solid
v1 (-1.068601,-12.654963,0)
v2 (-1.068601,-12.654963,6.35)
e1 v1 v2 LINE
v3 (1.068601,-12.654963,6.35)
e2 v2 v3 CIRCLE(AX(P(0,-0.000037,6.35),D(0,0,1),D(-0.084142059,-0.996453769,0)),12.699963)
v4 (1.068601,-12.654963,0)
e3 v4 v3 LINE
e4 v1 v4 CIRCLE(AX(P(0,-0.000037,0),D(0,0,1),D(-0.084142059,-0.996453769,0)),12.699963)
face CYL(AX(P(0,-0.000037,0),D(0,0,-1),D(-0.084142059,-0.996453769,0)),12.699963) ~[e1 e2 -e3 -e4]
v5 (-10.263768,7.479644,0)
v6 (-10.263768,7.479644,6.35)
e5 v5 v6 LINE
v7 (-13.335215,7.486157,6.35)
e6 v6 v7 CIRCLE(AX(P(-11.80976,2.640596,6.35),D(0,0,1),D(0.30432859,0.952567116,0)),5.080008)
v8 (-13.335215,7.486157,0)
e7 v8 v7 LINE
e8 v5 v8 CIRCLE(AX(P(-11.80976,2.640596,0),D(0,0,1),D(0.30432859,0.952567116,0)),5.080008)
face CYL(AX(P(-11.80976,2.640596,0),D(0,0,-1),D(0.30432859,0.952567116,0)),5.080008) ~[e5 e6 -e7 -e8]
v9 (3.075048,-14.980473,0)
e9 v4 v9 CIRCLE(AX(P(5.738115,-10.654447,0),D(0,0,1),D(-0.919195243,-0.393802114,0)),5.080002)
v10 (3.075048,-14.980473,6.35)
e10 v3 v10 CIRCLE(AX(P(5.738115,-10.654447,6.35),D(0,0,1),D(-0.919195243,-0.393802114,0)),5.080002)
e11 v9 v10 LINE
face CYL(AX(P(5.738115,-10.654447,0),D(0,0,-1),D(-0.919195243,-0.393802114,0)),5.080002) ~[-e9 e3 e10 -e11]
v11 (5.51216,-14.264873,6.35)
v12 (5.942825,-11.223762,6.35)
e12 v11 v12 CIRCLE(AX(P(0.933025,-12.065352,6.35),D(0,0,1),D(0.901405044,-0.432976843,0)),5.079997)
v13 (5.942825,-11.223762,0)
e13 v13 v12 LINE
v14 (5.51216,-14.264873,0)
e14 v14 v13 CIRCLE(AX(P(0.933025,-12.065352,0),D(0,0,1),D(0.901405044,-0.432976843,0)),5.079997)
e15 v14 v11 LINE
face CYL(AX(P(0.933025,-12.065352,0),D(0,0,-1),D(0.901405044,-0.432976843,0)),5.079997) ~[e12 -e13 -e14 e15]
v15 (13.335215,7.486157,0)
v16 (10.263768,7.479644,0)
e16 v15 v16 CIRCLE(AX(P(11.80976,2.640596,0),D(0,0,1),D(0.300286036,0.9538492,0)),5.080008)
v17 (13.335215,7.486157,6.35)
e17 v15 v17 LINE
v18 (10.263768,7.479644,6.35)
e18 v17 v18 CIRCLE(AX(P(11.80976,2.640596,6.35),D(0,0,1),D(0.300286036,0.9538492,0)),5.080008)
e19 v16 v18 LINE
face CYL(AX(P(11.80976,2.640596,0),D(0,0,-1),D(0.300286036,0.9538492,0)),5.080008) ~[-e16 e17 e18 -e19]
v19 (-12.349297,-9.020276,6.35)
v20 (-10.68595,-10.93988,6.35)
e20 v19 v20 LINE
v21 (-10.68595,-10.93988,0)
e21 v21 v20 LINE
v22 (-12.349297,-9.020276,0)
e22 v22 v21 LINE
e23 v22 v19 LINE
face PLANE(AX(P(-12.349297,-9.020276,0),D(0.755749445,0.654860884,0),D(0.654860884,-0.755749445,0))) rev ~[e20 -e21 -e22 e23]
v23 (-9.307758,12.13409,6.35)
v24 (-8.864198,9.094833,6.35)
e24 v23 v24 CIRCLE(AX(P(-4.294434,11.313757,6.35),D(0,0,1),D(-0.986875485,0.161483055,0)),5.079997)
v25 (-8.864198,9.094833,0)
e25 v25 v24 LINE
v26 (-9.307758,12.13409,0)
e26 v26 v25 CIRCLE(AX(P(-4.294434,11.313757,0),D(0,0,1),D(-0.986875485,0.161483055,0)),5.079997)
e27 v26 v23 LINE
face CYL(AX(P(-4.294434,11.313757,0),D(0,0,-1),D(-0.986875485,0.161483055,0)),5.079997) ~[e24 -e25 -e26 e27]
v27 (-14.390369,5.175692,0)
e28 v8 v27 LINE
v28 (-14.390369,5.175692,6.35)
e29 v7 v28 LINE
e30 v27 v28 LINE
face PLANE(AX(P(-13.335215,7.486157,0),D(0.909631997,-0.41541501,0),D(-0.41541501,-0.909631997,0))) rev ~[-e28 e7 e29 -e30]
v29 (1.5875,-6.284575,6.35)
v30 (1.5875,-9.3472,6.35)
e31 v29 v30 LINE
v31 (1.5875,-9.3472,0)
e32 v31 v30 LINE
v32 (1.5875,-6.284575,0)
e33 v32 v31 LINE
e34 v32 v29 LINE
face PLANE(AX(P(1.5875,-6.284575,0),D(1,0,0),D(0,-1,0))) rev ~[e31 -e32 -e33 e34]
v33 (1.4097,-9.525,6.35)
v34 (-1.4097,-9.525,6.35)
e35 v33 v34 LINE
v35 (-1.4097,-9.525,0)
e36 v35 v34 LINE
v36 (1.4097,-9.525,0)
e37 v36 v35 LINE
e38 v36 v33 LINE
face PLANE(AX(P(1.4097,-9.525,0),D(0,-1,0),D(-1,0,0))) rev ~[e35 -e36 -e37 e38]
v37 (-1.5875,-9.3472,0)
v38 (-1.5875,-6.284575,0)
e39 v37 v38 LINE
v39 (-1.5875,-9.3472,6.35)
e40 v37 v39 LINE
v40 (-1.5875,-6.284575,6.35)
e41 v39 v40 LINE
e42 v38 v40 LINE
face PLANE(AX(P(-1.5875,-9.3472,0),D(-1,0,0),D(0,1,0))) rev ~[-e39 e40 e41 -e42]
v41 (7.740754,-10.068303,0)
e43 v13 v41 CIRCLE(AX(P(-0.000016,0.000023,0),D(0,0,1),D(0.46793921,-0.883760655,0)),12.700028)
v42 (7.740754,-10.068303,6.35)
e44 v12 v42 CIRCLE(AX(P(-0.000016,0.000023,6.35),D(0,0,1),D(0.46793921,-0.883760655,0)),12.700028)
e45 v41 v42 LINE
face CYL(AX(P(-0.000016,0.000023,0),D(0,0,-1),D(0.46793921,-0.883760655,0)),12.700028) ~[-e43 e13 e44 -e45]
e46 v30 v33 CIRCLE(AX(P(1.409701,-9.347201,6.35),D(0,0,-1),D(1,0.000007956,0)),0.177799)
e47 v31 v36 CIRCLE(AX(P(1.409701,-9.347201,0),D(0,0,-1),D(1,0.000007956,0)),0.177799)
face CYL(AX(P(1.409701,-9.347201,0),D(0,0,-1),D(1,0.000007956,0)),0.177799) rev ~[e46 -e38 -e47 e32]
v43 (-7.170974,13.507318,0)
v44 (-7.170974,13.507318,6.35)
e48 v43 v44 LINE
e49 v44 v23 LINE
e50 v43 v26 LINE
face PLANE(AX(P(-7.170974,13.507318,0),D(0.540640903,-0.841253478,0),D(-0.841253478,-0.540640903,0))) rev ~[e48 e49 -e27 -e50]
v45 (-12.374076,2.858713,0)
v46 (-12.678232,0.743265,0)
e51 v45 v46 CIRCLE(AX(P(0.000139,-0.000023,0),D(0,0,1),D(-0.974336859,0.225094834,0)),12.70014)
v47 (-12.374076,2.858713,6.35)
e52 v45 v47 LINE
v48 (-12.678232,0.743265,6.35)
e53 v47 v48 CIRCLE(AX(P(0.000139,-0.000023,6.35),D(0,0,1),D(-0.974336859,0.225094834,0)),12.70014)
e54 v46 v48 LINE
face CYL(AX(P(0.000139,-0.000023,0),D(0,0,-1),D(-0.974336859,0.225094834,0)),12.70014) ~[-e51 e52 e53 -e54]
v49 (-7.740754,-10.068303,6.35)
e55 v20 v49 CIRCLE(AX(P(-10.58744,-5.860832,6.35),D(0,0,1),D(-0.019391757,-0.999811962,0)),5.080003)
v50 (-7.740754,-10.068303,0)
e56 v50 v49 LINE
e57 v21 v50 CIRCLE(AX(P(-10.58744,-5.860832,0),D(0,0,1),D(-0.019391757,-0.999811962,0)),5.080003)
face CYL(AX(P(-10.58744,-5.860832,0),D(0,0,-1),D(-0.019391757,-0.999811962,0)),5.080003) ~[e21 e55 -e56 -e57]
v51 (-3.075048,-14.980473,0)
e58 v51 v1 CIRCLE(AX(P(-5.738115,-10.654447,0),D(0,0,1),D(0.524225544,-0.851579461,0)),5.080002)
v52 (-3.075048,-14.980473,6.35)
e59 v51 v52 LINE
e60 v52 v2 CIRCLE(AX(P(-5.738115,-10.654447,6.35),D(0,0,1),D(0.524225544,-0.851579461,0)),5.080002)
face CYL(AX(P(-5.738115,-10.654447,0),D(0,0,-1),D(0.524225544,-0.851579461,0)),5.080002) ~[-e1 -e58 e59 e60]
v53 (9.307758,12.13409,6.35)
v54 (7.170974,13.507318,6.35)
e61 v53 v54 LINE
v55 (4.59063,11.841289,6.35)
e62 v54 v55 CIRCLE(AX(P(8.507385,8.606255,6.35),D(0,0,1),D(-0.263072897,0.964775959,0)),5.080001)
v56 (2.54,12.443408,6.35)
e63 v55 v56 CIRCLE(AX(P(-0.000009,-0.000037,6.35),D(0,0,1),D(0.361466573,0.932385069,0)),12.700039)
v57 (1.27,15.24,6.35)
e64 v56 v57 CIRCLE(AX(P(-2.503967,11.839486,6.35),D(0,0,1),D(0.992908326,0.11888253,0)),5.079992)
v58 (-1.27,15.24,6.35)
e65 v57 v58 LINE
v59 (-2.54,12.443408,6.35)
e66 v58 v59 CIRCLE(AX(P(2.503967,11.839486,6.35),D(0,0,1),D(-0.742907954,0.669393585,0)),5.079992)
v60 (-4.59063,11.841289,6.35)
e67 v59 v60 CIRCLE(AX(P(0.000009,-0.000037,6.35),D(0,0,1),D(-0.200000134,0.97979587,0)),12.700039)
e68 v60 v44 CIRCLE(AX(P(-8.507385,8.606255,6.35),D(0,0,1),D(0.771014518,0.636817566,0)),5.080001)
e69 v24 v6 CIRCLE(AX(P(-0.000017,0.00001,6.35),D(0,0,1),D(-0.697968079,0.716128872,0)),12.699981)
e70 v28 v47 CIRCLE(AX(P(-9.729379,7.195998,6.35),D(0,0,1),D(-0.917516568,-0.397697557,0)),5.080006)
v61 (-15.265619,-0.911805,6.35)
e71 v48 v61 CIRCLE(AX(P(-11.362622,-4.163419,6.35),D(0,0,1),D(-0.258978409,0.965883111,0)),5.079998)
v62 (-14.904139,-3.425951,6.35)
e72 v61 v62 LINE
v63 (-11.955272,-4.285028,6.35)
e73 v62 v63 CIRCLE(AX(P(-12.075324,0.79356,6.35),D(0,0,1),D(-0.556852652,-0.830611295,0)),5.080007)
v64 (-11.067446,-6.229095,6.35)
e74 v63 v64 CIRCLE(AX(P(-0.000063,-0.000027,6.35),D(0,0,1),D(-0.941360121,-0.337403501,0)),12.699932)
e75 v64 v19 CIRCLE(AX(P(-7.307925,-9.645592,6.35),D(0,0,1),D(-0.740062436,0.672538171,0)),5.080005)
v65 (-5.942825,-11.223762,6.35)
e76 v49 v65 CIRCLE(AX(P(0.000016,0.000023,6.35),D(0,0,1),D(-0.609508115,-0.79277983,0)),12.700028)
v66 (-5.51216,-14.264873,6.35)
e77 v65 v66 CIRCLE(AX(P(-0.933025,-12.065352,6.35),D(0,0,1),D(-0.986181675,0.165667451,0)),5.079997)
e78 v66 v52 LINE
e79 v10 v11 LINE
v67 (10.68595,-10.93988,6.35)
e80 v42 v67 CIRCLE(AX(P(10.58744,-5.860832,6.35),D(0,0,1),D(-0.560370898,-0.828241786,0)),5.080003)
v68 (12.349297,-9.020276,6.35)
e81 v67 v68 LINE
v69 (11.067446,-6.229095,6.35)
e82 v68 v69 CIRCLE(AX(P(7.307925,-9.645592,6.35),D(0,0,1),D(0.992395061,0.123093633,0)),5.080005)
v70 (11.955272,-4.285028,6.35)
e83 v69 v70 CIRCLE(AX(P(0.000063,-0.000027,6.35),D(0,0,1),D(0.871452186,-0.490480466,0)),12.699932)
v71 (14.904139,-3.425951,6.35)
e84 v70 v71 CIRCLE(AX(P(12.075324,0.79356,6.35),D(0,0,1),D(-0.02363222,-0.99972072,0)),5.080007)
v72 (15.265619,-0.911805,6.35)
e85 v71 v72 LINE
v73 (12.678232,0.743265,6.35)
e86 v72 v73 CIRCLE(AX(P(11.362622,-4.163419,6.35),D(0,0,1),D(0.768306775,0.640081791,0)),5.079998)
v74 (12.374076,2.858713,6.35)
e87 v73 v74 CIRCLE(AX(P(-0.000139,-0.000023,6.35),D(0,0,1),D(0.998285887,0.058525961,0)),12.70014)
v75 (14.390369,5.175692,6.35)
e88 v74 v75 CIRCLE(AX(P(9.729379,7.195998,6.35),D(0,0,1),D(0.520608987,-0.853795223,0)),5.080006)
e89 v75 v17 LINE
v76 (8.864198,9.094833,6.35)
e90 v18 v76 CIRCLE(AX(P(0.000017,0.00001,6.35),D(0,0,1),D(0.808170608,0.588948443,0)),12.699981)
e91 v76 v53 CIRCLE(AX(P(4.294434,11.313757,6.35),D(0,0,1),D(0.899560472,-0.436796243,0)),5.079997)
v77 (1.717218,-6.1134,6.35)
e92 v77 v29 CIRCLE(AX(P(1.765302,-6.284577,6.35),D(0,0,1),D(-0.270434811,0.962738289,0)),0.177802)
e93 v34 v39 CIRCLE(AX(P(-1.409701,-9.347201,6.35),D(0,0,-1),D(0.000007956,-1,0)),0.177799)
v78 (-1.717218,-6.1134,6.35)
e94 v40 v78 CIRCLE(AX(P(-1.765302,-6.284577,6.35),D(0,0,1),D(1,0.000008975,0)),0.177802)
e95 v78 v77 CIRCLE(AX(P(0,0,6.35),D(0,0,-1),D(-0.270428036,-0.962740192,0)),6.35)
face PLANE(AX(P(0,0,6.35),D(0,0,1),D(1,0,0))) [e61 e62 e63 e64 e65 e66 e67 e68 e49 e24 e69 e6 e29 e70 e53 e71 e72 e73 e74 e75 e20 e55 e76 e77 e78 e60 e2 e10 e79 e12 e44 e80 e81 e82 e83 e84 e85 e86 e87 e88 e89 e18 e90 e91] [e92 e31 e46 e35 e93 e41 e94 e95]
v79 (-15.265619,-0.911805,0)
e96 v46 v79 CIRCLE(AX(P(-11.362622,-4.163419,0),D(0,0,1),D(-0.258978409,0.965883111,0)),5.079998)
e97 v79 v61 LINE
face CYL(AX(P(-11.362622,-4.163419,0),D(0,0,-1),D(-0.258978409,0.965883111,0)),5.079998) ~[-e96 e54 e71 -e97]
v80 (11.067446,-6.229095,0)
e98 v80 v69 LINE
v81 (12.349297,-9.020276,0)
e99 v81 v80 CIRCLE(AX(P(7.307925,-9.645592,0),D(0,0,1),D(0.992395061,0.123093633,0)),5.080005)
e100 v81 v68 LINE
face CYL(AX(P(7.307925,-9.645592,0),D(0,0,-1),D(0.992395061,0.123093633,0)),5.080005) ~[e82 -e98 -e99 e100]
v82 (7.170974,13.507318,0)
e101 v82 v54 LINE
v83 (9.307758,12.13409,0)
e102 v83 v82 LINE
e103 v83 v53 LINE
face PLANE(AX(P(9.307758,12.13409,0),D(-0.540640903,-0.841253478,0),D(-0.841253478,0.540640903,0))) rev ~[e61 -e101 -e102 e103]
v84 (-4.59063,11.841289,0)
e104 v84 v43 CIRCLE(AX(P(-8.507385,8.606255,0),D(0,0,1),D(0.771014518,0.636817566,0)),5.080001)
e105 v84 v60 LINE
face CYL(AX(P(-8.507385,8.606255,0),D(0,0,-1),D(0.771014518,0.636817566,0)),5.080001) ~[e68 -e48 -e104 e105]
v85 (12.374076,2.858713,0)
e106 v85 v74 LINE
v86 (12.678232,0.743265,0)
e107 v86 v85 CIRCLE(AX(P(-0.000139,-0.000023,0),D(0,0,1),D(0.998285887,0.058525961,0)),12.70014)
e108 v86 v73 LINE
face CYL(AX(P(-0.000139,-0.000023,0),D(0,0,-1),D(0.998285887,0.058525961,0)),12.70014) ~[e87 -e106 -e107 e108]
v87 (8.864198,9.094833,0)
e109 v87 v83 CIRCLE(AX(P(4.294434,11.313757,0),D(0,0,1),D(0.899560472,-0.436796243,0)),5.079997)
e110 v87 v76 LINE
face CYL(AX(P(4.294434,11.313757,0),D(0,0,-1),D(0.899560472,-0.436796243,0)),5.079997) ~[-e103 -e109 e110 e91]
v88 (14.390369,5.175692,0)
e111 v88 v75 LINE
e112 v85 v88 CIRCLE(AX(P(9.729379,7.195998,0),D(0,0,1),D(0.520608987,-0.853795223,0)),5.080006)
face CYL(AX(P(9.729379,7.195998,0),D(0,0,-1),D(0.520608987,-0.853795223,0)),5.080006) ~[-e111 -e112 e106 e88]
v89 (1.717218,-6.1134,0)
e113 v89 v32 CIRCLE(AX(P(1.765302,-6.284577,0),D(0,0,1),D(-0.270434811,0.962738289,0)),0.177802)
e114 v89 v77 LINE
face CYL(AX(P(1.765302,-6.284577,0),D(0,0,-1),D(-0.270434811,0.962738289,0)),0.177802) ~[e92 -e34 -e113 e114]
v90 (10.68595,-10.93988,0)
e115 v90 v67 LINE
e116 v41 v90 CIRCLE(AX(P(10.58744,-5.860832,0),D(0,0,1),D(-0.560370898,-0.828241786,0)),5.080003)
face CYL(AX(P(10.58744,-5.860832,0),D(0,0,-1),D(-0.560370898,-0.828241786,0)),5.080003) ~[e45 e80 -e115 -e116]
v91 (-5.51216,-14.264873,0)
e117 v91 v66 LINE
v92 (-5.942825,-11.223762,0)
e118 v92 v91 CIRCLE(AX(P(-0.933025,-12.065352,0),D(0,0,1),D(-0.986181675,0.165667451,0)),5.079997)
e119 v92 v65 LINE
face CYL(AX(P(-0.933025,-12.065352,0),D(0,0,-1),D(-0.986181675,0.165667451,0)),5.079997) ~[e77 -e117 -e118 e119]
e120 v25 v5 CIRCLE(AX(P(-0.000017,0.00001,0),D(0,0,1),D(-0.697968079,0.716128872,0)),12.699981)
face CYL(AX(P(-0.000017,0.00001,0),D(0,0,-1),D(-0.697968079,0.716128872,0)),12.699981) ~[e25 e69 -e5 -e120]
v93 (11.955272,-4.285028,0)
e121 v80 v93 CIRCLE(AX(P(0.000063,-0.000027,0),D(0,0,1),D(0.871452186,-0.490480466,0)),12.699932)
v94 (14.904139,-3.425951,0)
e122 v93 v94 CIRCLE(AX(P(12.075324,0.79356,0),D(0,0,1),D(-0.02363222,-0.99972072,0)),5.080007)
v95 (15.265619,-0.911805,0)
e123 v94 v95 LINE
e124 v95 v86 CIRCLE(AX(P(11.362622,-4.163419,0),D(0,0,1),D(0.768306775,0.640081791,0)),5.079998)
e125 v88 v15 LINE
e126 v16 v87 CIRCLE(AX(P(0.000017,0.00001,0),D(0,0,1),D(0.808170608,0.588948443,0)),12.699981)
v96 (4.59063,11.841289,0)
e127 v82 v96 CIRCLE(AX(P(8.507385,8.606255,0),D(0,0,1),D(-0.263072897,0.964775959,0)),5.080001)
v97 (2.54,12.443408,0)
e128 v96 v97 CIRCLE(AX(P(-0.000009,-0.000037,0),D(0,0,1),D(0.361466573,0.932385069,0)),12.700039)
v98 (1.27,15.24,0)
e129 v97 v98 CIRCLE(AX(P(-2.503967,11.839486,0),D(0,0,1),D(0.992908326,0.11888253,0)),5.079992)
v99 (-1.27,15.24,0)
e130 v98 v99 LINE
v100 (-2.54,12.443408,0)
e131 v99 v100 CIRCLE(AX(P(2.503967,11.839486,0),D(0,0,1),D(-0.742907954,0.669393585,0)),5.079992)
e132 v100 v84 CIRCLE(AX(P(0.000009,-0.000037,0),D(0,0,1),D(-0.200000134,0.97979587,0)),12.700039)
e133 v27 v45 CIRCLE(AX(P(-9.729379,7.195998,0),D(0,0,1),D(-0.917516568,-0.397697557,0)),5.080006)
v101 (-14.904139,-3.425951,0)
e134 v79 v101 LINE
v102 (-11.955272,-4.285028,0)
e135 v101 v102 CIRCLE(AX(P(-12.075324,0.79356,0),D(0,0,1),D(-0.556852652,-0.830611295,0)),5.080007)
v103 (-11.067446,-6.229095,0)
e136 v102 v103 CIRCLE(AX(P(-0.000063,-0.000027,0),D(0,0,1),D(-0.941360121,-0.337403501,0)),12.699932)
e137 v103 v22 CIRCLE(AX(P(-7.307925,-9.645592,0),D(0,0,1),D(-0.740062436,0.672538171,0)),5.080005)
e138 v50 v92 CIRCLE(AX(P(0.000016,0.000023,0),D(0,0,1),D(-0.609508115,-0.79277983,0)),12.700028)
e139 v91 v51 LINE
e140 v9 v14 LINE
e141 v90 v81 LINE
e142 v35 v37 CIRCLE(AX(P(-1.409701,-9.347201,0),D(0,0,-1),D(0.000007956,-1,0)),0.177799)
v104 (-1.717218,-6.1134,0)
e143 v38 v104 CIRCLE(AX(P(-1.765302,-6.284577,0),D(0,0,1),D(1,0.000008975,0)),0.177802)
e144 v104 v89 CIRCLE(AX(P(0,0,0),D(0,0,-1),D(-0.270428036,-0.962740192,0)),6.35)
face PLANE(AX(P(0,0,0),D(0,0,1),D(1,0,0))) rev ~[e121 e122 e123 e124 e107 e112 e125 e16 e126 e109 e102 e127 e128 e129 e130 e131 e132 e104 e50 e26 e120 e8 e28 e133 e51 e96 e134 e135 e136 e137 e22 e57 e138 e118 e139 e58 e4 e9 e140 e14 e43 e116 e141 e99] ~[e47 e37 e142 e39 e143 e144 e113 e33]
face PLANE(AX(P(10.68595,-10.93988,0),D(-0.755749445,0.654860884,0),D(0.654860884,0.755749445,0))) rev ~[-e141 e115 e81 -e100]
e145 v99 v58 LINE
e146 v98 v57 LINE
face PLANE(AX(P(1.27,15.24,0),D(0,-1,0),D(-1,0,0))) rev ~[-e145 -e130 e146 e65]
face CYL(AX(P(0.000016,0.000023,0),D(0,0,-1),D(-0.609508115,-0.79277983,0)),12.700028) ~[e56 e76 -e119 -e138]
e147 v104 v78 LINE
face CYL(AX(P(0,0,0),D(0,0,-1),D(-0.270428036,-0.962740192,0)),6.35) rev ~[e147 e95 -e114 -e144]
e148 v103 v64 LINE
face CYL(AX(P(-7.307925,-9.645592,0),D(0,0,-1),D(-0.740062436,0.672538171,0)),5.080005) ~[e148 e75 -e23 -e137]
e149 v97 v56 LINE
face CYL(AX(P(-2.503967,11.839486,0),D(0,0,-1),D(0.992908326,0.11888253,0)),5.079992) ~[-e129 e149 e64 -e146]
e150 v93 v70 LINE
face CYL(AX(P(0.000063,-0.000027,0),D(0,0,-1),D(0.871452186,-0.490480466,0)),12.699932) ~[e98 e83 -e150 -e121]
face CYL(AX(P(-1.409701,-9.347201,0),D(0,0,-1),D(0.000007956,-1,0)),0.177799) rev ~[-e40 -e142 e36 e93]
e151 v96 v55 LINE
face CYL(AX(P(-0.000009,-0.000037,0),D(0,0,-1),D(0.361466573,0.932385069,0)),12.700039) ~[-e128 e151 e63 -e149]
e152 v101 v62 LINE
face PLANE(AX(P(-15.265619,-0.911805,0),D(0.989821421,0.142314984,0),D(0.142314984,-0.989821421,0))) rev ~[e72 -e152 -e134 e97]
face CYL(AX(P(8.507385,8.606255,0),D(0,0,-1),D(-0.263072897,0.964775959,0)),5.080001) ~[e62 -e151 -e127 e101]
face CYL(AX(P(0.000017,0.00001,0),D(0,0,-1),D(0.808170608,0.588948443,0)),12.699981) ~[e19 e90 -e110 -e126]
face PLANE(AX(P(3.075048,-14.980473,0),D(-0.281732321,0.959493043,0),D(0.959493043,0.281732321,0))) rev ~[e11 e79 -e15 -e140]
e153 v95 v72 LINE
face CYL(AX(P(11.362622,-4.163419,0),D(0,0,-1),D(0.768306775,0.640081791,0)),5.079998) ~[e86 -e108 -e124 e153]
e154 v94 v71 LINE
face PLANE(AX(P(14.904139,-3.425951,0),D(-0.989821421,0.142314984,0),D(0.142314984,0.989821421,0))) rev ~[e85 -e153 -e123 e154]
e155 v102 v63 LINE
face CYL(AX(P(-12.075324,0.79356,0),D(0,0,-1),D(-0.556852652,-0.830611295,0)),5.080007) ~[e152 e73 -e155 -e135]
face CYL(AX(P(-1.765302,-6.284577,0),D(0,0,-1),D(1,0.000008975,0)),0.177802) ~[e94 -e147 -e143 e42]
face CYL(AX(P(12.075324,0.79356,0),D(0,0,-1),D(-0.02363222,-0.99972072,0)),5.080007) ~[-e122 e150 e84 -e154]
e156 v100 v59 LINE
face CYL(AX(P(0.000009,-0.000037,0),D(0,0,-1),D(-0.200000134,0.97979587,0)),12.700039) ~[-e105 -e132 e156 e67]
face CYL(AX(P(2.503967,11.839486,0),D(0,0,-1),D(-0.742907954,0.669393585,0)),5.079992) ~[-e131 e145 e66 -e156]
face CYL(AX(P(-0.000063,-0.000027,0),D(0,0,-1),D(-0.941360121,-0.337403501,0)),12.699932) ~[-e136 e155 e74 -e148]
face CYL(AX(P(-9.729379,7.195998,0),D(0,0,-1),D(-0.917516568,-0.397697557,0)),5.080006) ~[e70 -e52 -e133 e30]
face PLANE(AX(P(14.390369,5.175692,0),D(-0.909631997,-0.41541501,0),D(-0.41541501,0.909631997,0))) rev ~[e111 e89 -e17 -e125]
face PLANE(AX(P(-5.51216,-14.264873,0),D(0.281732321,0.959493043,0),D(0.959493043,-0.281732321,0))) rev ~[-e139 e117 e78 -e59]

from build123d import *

# Parameters (mm, degrees)
F1_DEPTH = 6.35


with BuildPart() as f1:
    # F0 (on Top) → F1 (new body)
    with BuildSketch(Plane.XY):
        with BuildLine():
            Line((1.27, 15.24), (-1.27, 15.24))
            ThreePointArc((-1.27, 15.24), (-2.121422, 13.939986), (-2.54, 12.443408))
            ThreePointArc((-2.54, 12.443408), (-3.578003, 12.185561), (-4.59063, 11.841289))
            ThreePointArc((-4.59063, 11.841289), (-5.751872, 12.87399), (-7.170974, 13.507318))
            Line((-7.170974, 13.507318), (-9.307758, 12.13409))
            ThreePointArc((-9.307758, 12.13409), (-9.321179, 10.580136), (-8.864198, 9.094833))
            ThreePointArc((-8.864198, 9.094833), (-9.59802, 8.316731), (-10.263768, 7.479644))
            ThreePointArc((-10.263768, 7.479644), (-11.798987, 7.720592), (-13.335215, 7.486157))
            Line((-13.335215, 7.486157), (-14.390369, 5.175692))
            ThreePointArc((-14.390369, 5.175692), (-13.561528, 3.861167), (-12.374076, 2.858713))
            ThreePointArc((-12.374076, 2.858713), (-12.570732, 1.807398), (-12.678232, 0.743265))
            ThreePointArc((-12.678232, 0.743265), (-14.100007, 0.115962), (-15.265619, -0.911805))
            Line((-15.265619, -0.911805), (-14.904139, -3.425951))
            ThreePointArc((-14.904139, -3.425951), (-13.496187, -4.083695), (-11.955272, -4.285028))
            ThreePointArc((-11.955272, -4.285028), (-11.552326, -5.275771), (-11.067446, -6.229095))
            ThreePointArc((-11.067446, -6.229095), (-11.924374, -7.525486), (-12.349297, -9.020276))
            Line((-12.349297, -9.020276), (-10.68595, -10.93988))
            ThreePointArc((-10.68595, -10.93988), (-9.145903, -10.732013), (-7.740754, -10.068303))
            ThreePointArc((-7.740754, -10.068303), (-6.866138, -10.68392), (-5.942825, -11.223762))
            ThreePointArc((-5.942825, -11.223762), (-5.962837, -12.777645), (-5.51216, -14.264873))
            Line((-5.51216, -14.264873), (-3.075048, -14.980473))
            ThreePointArc((-3.075048, -14.980473), (-1.891859, -13.972992), (-1.068601, -12.654963))
            ThreePointArc((-1.068601, -12.654963), (0, -12.7), (1.068601, -12.654963))
            ThreePointArc((1.068601, -12.654963), (1.891859, -13.972992), (3.075048, -14.980473))
            Line((3.075048, -14.980473), (5.51216, -14.264873))
            ThreePointArc((5.51216, -14.264873), (5.962837, -12.777645), (5.942825, -11.223762))
            ThreePointArc((5.942825, -11.223762), (6.866138, -10.68392), (7.740754, -10.068303))
            ThreePointArc((7.740754, -10.068303), (9.145903, -10.732013), (10.68595, -10.93988))
            Line((10.68595, -10.93988), (12.349297, -9.020276))
            ThreePointArc((12.349297, -9.020276), (11.924374, -7.525486), (11.067446, -6.229095))
            ThreePointArc((11.067446, -6.229095), (11.552326, -5.275771), (11.955272, -4.285028))
            ThreePointArc((11.955272, -4.285028), (13.496187, -4.083695), (14.904139, -3.425951))
            Line((14.904139, -3.425951), (15.265619, -0.911805))
            ThreePointArc((15.265619, -0.911805), (14.100007, 0.115962), (12.678232, 0.743265))
            ThreePointArc((12.678232, 0.743265), (12.570732, 1.807398), (12.374076, 2.858713))
            ThreePointArc((12.374076, 2.858713), (13.561528, 3.861167), (14.390369, 5.175692))
            Line((14.390369, 5.175692), (13.335215, 7.486157))
            ThreePointArc((13.335215, 7.486157), (11.798987, 7.720592), (10.263768, 7.479644))
            ThreePointArc((10.263768, 7.479644), (9.59802, 8.316731), (8.864198, 9.094833))
            ThreePointArc((8.864198, 9.094833), (9.321179, 10.580136), (9.307758, 12.13409))
            Line((9.307758, 12.13409), (7.170974, 13.507318))
            ThreePointArc((7.170974, 13.507318), (5.751872, 12.87399), (4.59063, 11.841289))
            ThreePointArc((4.59063, 11.841289), (3.578003, 12.185561), (2.54, 12.443408))
            ThreePointArc((2.54, 12.443408), (2.121422, 13.939986), (1.27, 15.24))
        make_face()
        with BuildLine():
            ThreePointArc((-1.717218, -6.1134), (0, 6.35), (1.717218, -6.1134))
            ThreePointArc((1.717218, -6.1134), (1.623593, -6.177189), (1.5875, -6.284575))
            Line((1.5875, -6.284575), (1.5875, -9.3472))
            ThreePointArc((1.5875, -9.3472), (1.535424, -9.472924), (1.4097, -9.525))
            Line((1.4097, -9.525), (-1.4097, -9.525))
            ThreePointArc((-1.4097, -9.525), (-1.535424, -9.472924), (-1.5875, -9.3472))
            Line((-1.5875, -9.3472), (-1.5875, -6.284575))
            ThreePointArc((-1.5875, -6.284575), (-1.623593, -6.177189), (-1.717218, -6.1134))
        make_face(mode=Mode.SUBTRACT)
    extrude(amount=F1_DEPTH)


solid = f1.part
